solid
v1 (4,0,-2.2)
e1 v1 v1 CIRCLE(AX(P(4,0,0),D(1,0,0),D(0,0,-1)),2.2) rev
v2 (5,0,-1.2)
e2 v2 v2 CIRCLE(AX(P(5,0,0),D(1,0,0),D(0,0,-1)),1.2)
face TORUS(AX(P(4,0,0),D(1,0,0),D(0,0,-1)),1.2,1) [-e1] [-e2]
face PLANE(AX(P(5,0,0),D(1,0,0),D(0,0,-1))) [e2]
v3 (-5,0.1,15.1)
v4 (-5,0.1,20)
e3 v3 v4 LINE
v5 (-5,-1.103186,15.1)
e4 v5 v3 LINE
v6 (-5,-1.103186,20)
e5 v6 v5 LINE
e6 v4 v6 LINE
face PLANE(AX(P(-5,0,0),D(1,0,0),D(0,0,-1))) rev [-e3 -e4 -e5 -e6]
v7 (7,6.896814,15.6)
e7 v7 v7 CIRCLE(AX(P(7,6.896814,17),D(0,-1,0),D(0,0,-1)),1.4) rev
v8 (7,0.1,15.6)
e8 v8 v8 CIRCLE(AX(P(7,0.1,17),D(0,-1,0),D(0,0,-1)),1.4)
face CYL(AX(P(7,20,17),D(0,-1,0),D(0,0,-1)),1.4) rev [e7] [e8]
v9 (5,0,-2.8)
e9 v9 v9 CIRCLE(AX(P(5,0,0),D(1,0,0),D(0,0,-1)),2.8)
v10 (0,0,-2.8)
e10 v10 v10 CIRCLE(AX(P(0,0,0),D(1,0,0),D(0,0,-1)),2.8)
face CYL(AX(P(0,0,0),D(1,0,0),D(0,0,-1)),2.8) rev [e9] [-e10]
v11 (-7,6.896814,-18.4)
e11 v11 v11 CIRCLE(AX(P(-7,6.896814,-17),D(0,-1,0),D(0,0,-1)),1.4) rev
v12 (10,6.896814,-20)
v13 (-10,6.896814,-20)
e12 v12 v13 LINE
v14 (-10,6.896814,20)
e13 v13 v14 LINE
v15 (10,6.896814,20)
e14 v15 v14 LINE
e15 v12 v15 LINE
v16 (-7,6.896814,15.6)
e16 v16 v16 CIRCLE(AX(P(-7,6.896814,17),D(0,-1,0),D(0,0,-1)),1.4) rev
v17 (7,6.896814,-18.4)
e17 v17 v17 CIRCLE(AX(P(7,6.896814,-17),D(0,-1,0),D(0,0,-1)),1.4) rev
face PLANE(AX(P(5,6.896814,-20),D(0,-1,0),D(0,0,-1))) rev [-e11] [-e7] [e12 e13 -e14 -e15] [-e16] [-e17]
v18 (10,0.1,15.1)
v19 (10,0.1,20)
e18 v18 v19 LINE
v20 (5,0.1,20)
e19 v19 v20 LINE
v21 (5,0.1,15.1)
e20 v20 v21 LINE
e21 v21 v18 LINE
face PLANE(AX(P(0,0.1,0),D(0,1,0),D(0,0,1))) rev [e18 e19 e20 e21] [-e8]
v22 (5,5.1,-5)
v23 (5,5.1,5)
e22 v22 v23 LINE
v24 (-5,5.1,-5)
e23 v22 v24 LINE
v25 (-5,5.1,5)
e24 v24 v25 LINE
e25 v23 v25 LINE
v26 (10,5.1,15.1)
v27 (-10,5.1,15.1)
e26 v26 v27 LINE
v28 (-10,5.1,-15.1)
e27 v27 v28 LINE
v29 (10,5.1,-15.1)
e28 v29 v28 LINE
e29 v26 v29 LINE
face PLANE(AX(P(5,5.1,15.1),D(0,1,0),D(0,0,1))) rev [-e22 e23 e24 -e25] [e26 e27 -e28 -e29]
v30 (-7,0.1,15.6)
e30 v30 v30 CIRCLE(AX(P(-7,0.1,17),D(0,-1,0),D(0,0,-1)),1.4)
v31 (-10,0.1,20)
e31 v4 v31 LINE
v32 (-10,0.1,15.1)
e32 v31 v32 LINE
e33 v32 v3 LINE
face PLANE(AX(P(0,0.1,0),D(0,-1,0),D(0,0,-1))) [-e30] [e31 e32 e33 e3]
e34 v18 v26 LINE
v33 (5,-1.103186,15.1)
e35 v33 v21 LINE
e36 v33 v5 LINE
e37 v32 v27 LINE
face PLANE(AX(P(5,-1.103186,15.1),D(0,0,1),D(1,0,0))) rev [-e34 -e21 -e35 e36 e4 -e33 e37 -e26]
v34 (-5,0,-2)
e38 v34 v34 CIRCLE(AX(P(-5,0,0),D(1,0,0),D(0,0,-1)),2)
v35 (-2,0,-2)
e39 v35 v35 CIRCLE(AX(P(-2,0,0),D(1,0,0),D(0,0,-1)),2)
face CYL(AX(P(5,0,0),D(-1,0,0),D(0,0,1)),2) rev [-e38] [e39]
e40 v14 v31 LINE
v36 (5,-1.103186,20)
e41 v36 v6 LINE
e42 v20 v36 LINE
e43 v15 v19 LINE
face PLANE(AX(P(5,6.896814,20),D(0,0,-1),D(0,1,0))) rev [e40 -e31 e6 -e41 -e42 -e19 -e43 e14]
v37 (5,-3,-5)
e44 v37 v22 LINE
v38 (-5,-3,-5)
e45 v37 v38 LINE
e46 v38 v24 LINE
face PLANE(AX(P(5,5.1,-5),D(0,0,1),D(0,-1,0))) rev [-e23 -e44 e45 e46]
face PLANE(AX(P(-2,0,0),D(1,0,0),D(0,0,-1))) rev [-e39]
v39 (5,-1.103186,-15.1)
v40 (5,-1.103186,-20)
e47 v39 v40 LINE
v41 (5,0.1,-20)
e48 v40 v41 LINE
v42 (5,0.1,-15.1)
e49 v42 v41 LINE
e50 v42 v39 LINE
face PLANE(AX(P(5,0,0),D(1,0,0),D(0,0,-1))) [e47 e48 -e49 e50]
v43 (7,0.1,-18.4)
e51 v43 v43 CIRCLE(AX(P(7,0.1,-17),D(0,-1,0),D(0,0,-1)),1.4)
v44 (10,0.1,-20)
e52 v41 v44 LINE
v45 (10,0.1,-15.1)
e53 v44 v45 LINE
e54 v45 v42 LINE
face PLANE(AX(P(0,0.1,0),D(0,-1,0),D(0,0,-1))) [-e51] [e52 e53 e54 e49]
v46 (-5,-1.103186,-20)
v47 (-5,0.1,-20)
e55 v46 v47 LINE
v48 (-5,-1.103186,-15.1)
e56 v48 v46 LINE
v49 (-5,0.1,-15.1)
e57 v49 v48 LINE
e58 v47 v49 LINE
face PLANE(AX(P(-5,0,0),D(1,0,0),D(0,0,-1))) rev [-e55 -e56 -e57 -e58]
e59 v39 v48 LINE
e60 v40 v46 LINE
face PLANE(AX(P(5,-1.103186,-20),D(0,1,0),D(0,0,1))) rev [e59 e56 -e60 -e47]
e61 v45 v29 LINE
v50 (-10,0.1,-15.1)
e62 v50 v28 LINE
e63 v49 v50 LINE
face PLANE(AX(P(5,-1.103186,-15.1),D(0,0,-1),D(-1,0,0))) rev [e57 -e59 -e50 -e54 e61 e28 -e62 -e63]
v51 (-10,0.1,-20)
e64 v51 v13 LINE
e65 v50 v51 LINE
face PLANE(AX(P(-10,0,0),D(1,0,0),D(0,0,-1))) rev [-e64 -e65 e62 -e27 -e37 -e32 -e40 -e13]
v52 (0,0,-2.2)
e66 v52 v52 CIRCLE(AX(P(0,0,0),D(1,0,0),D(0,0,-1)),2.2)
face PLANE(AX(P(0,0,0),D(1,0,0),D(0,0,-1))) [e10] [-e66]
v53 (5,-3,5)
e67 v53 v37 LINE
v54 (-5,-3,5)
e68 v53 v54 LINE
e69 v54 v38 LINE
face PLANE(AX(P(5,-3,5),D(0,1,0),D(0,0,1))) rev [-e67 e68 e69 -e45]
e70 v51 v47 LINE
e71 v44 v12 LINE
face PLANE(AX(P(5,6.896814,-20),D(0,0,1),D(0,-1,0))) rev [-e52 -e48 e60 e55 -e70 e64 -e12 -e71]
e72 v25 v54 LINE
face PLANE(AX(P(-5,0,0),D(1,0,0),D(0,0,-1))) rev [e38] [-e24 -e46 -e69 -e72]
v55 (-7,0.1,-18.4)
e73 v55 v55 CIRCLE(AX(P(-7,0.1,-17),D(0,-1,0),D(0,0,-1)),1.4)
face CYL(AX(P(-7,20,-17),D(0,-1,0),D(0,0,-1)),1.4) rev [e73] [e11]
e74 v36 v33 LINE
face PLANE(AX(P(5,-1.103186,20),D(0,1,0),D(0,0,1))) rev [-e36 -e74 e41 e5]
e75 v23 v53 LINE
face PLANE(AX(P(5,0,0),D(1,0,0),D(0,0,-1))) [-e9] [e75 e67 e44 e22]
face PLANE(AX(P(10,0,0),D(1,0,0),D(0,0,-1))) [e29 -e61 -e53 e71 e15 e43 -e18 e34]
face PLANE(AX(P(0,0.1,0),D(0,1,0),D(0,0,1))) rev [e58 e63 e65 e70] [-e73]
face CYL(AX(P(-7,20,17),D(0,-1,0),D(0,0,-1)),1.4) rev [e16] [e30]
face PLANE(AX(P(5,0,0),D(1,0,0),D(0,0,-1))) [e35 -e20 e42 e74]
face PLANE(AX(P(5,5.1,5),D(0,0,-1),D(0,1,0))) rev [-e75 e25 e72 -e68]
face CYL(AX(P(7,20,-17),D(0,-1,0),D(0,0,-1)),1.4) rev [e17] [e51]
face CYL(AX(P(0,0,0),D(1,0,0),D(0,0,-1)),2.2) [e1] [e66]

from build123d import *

# Parameters (mm, degrees)
SKETCH_1_R          = 2
EXTRUDE_1_DEPTH     = 5
SKETCH_3_W          = 40
SKETCH_3_H          = 1.796813629
EXTRUDE_2_DEPTH     = 10
SKETCH_4_R          = 1.4
CUT_EXTRUDE_2_DEPTH = 20
SKETCH_6_R          = 2.5
EXTRUDE_3_DEPTH     = 7
SKETCH_7_R          = 2.8
SKETCH_7_R_2        = 2.2
CUT_EXTRUDE_3_DEPTH = 5
FILLET_1_R          = 1
EXTRUDE_START       = 5
SKETCH_8_W          = 5
SKETCH_8_H          = 4.9
SKETCH_8_R          = 1.4
EXTRUDE_4_DEPTH     = 5


with BuildPart() as part:
    # 스케치1 → 보스-돌출1 (new, symmetric)
    with BuildSketch(Plane(origin=(0, 0, 0), x_dir=(0, 0, -1), z_dir=(1, 0, 0))):
        Polygon((20, 6.896813629), (-20, 6.896813629), (-20, -1.103186371), (-15.1, -1.103186371), (-15.1, 5.1), (-5, 5.1), (-5, -3), (5, -3), (5, 5.1), (15.1, 5.1), (15.1, -1.103186371), (20, -1.103186371), align=None)
        Circle(SKETCH_1_R, mode=Mode.SUBTRACT)
    extrude(amount=EXTRUDE_1_DEPTH, both=True)

    # 스케치3 → 보스-돌출2 (add, symmetric)
    with BuildSketch(Plane(origin=(0, 0, 0), x_dir=(0, 0, -1), z_dir=(1, 0, 0))):
        with Locations((0, 5.998406815)):
            Rectangle(SKETCH_3_W, SKETCH_3_H)
    extrude(amount=EXTRUDE_2_DEPTH, both=True)

    # 스케치4 → 컷-돌출2 (cut)
    with BuildSketch(Plane(origin=(0, 0, 0), x_dir=(1, 0, 0), z_dir=(0, 1, 0))):
        with Locations(Location((-7, -17, 0), (0, 0, 90))):
            Circle(SKETCH_4_R)
        with Locations(Location((7, -17, 0), (0, 0, 90))):
            Circle(SKETCH_4_R)
        with Locations(Location((7, 17, 0), (0, 0, 90))):
            Circle(SKETCH_4_R)
        with Locations(Location((-7, 17, 0), (0, 0, 90))):
            Circle(SKETCH_4_R)
    extrude(amount=CUT_EXTRUDE_2_DEPTH, mode=Mode.SUBTRACT)

    # 스케치6 → 보스-돌출3 (add)
    with BuildSketch(Plane(origin=(5, 0, 0), x_dir=(0, 0, -1), z_dir=(1, 0, 0))):
        Circle(SKETCH_6_R)
    extrude(amount=-EXTRUDE_3_DEPTH)

    # 스케치7 → 컷-돌출3 (cut)
    with BuildSketch(Plane(origin=(5, 0, 0), x_dir=(0, 0, -1), z_dir=(1, 0, 0))):
        Circle(SKETCH_7_R)
        Circle(SKETCH_7_R_2, mode=Mode.SUBTRACT)
    extrude(amount=-CUT_EXTRUDE_3_DEPTH, mode=Mode.SUBTRACT)

    # 필렛1
    fillet_1_edges = [part.edges().sort_by_distance(p)[0] for p in [
        (5, 0, 2.2),
    ]]
    fillet(fillet_1_edges, radius=FILLET_1_R)

    # 스케치8 → 보스-돌출4 (add)
    # profile 1 of 4: a face of its own
    with BuildSketch(Plane.XZ.offset(-5.1).offset(EXTRUDE_START)):
        with Locations((-7.5, 17.55)):
            Rectangle(SKETCH_8_W, SKETCH_8_H)
        with Locations(Location((-7, 17, 0), (0, 0, 270))):
            Circle(SKETCH_8_R, mode=Mode.SUBTRACT)
    # profile 2 of 4: a face of its own
    with BuildSketch(Plane.XZ.offset(-5.1).offset(EXTRUDE_START)):
        with Locations((7.5, 17.55)):
            Rectangle(SKETCH_8_W, SKETCH_8_H)
        with Locations(Location((7, 17, 0), (0, 0, 270))):
            Circle(SKETCH_8_R, mode=Mode.SUBTRACT)
    # profile 3 of 4: a face of its own
    with BuildSketch(Plane.XZ.offset(-5.1).offset(EXTRUDE_START)):
        with Locations((-7.5, -17.55)):
            Rectangle(SKETCH_8_W, SKETCH_8_H)
        with Locations(Location((-7, -17, 0), (0, 0, 270))):
            Circle(SKETCH_8_R, mode=Mode.SUBTRACT)
    # profile 4 of 4: a face of its own
    with BuildSketch(Plane.XZ.offset(-5.1).offset(EXTRUDE_START)):
        with Locations((7.5, -17.55)):
            Rectangle(SKETCH_8_W, SKETCH_8_H)
        with Locations(Location((7, -17, 0), (0, 0, 270))):
            Circle(SKETCH_8_R, mode=Mode.SUBTRACT)
    extrude(amount=-EXTRUDE_4_DEPTH)


solid = part.part
